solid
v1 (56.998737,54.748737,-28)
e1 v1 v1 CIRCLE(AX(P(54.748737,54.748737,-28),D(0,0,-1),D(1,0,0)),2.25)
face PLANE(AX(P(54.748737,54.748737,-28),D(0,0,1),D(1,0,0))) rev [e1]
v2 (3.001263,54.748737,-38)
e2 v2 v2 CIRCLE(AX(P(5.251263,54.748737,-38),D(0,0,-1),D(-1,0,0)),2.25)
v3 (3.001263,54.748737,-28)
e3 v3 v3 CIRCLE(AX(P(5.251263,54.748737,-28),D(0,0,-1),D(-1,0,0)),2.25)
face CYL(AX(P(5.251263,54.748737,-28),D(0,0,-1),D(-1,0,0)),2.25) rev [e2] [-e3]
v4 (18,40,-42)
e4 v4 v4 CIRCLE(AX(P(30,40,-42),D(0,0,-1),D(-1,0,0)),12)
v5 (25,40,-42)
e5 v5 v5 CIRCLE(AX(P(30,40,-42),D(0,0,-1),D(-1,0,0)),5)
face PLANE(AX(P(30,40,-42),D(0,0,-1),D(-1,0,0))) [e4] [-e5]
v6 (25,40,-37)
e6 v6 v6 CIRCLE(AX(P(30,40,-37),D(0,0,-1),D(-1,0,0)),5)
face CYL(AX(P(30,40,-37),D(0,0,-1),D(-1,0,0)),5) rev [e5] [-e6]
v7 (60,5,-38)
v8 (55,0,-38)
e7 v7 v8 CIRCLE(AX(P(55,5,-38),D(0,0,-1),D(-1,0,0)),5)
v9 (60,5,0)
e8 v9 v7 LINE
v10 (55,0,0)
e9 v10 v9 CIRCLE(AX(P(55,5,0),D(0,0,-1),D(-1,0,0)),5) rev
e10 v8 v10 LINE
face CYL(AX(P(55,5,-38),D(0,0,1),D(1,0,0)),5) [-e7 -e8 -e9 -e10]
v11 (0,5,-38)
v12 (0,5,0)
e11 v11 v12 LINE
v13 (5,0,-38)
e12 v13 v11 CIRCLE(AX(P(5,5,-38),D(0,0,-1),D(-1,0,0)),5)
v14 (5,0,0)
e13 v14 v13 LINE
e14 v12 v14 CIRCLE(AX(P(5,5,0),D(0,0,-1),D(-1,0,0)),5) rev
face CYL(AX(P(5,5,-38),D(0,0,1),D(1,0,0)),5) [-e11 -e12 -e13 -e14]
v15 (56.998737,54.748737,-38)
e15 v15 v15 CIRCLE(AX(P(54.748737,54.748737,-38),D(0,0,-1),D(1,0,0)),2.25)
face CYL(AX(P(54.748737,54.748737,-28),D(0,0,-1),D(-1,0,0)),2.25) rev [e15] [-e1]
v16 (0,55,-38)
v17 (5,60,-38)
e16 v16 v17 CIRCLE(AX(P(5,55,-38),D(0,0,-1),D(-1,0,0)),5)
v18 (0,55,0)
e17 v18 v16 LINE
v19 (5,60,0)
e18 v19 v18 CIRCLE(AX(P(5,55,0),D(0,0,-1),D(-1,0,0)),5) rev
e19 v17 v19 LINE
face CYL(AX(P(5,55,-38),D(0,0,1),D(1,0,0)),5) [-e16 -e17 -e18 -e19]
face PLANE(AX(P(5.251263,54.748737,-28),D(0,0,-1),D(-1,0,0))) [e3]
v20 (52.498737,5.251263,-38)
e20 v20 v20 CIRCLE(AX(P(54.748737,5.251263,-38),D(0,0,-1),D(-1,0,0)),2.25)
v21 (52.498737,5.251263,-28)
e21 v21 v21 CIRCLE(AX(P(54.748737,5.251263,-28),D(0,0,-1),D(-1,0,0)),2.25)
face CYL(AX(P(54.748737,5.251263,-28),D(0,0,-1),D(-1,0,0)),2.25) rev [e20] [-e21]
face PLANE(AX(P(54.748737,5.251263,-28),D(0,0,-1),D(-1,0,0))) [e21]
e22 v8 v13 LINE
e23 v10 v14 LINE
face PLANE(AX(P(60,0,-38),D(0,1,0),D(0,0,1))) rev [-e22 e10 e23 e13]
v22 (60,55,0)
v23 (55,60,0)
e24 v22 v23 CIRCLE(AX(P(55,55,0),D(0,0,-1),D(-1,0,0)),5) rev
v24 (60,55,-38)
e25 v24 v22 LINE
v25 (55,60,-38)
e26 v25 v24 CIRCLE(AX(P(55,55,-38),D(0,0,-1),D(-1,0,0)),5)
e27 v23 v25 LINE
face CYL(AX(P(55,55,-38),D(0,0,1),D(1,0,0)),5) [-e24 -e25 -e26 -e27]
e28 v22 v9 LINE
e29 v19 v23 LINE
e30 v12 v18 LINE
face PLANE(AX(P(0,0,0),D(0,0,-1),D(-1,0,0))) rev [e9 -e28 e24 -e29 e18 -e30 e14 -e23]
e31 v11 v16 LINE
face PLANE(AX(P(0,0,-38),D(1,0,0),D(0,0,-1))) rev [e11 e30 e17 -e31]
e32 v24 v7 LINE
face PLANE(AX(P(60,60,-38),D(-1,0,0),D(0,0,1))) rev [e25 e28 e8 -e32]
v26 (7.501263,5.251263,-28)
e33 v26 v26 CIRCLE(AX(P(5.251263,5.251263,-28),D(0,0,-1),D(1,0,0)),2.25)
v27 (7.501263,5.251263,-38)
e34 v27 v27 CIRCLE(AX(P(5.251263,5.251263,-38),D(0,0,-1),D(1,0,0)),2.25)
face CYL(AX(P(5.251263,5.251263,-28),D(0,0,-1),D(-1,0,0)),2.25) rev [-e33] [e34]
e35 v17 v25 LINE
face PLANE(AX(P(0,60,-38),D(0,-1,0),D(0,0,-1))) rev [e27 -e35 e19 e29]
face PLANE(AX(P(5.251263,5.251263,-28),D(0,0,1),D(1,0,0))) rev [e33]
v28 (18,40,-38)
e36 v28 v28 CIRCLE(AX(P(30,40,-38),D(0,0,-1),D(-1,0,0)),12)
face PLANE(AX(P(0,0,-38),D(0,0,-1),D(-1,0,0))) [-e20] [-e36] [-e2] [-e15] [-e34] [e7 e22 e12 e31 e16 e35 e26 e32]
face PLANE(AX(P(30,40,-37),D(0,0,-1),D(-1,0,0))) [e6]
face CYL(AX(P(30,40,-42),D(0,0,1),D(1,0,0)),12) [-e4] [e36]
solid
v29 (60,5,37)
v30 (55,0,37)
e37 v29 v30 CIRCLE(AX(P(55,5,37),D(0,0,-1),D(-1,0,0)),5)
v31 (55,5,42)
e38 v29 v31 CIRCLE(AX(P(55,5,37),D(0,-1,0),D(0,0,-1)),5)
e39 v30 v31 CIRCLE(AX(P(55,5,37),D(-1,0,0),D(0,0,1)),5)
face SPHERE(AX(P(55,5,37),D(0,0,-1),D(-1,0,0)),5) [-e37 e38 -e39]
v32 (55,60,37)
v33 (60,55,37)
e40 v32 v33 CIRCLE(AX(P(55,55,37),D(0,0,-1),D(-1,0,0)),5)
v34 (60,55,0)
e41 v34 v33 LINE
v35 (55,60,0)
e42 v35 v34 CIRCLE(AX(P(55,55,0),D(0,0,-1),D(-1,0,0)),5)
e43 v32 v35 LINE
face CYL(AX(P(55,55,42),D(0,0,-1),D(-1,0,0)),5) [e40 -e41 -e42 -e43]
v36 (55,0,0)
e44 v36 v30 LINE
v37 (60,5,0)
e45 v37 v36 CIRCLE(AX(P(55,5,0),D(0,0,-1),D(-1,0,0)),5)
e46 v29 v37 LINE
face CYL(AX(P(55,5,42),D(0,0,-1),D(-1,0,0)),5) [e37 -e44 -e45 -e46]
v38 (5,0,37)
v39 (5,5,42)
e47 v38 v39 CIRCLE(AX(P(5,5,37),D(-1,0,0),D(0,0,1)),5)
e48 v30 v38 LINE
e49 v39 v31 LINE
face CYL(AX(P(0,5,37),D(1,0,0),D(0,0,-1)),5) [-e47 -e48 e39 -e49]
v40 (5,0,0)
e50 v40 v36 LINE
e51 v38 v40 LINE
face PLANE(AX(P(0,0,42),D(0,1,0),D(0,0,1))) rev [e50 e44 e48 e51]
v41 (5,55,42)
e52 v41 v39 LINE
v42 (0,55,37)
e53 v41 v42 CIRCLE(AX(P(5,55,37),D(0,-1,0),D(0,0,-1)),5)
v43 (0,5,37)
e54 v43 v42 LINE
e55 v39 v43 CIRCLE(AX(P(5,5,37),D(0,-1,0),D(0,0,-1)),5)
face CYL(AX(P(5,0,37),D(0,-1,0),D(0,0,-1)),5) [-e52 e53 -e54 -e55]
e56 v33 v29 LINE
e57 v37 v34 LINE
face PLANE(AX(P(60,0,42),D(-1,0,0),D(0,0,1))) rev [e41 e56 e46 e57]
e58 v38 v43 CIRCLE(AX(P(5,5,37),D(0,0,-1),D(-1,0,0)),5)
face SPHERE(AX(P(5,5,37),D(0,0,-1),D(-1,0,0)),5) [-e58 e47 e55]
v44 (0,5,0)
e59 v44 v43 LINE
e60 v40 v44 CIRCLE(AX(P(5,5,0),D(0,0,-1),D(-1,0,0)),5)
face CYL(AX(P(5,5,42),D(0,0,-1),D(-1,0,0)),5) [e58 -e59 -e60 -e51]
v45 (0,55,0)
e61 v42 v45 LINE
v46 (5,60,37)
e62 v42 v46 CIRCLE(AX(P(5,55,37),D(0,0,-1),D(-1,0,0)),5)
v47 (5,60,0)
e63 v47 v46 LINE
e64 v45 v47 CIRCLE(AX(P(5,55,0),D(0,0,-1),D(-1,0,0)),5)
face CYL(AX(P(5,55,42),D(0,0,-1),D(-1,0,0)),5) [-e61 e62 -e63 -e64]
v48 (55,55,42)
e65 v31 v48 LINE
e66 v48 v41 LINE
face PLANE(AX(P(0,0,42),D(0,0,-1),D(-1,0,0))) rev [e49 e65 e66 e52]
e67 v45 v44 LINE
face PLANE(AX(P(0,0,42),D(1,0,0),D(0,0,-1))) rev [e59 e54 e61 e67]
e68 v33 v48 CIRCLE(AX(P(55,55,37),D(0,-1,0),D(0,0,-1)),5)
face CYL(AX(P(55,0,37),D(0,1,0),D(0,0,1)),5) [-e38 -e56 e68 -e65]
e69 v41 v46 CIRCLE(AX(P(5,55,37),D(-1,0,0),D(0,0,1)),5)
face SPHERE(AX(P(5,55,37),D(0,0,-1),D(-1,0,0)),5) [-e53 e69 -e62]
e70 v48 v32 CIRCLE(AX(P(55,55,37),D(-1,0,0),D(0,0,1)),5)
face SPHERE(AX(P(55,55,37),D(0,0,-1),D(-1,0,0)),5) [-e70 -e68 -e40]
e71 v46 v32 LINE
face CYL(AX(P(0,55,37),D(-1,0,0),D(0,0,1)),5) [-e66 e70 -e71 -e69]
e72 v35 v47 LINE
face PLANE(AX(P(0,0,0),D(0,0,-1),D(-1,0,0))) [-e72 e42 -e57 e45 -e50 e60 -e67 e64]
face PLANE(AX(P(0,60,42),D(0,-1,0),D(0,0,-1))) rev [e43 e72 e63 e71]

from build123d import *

# Parameters (mm, degrees)
SKETCH2_W           = 60
SKETCH2_H           = 60
BOSS_EXTRUDE1_DEPTH = 42
SKETCH3_W           = 60
SKETCH3_H           = 60
BOSS_EXTRUDE2_DEPTH = 38
FILLET1_R           = 5
FILLET2_R           = 5
FILLET3_R           = 5
SKETCH4_R           = 2.25
CUT_EXTRUDE1_DEPTH  = 10
SKETCH5_R           = 12
BOSS_EXTRUDE3_DEPTH = 4
SKETCH6_R           = 5
BOSS_EXTRUDE4_DEPTH = 28
CUT_EXTRUDE2_DEPTH  = 28
SKETCH8_R           = 5
CUT_EXTRUDE3_DEPTH  = 33


with BuildPart() as part:
    # Sketch2 → Boss-Extrude1 (new body)
    with BuildSketch(Plane.XY):
        with Locations((30, 30)):
            Rectangle(SKETCH2_W, SKETCH2_H)
    extrude(amount=BOSS_EXTRUDE1_DEPTH)

    # Fillet1
    fillet1_edges = [part.edges().sort_by_distance(p)[0] for p in [
        (0, 60, 21),
        (60, 60, 21),
        (60, 0, 21),
        (0, 0, 21),
    ]]
    fillet(fillet1_edges, radius=FILLET1_R)

    # Fillet3
    fillet3_edges = [part.edges().sort_by_distance(p)[0] for p in [
        (30, 0, 42),
        (0, 30, 42),
        (60, 30, 42),
        (30, 60, 42),
        (58.535533906, 58.535533906, 42),
        (1.464466094, 58.535533906, 42),
        (58.535533906, 1.464466094, 42),
        (1.464466094, 1.464466094, 42),
    ]]
    fillet(fillet3_edges, radius=FILLET3_R)


with BuildPart() as body_2:
    # Sketch3 → Boss-Extrude2 (new body)
    with BuildSketch(Plane(origin=(0, 0, 0), x_dir=(-1, 0, 0), z_dir=(0, 0, -1))):
        with Locations((-30, 30)):
            Rectangle(SKETCH3_W, SKETCH3_H)
    extrude(amount=BOSS_EXTRUDE2_DEPTH)

    # Fillet2
    fillet2_edges = [body_2.edges().sort_by_distance(p)[0] for p in [
        (60, 0, -19),
        (60, 60, -19),
        (0, 60, -19),
        (0, 0, -19),
    ]]
    fillet(fillet2_edges, radius=FILLET2_R)

    # Sketch4 → Cut-Extrude1 (cut)
    with BuildSketch(Plane(origin=(0, 0, -38), x_dir=(-1, 0, 0), z_dir=(0, 0, -1))):
        with Locations((-5.251262658, 54.748737342)):
            Circle(SKETCH4_R)
        with Locations((-54.748737342, 54.748737342)):
            Circle(SKETCH4_R)
        with Locations((-54.748737342, 5.251262658)):
            Circle(SKETCH4_R)
        with Locations((-5.251262658, 5.251262658)):
            Circle(SKETCH4_R)
    extrude(amount=-CUT_EXTRUDE1_DEPTH, mode=Mode.SUBTRACT)

    # Sketch5 → Boss-Extrude3 (add)
    with BuildSketch(Plane(origin=(0, 0, -38), x_dir=(-1, 0, 0), z_dir=(0, 0, -1))):
        with Locations((-30, 40)):
            Circle(SKETCH5_R)
    extrude(amount=BOSS_EXTRUDE3_DEPTH)

    # Sketch6 → Boss-Extrude4 (add)
    with BuildSketch(Plane(origin=(0, 0, -42), x_dir=(-1, 0, 0), z_dir=(0, 0, -1))):
        with Locations((-30, 40)):
            Circle(SKETCH6_R)
    extrude(amount=BOSS_EXTRUDE4_DEPTH)

    # Sketch7 → Cut-Extrude2 (cut)
    with BuildSketch(Plane(origin=(0, 42.5, 0), x_dir=(1, 0, 0), z_dir=(0, 1, 0))):
        with BuildLine():
            Line((28, 47), (28, 70))
            Line((28, 70), (32, 70))
            Line((32, 70), (32, 47))
            ThreePointArc((32, 47), (30, 45), (28, 47))
        make_face()
    extrude(amount=CUT_EXTRUDE2_DEPTH, mode=Mode.SUBTRACT)

    # Sketch8 → Cut-Extrude3 (cut)
    with BuildSketch(Plane(origin=(0, 0, -70), x_dir=(-1, 0, 0), z_dir=(0, 0, -1))):
        with Locations((-30, 40)):
            Circle(SKETCH8_R)
    extrude(amount=-CUT_EXTRUDE3_DEPTH, mode=Mode.SUBTRACT)


solid = Compound([part.part, body_2.part])
